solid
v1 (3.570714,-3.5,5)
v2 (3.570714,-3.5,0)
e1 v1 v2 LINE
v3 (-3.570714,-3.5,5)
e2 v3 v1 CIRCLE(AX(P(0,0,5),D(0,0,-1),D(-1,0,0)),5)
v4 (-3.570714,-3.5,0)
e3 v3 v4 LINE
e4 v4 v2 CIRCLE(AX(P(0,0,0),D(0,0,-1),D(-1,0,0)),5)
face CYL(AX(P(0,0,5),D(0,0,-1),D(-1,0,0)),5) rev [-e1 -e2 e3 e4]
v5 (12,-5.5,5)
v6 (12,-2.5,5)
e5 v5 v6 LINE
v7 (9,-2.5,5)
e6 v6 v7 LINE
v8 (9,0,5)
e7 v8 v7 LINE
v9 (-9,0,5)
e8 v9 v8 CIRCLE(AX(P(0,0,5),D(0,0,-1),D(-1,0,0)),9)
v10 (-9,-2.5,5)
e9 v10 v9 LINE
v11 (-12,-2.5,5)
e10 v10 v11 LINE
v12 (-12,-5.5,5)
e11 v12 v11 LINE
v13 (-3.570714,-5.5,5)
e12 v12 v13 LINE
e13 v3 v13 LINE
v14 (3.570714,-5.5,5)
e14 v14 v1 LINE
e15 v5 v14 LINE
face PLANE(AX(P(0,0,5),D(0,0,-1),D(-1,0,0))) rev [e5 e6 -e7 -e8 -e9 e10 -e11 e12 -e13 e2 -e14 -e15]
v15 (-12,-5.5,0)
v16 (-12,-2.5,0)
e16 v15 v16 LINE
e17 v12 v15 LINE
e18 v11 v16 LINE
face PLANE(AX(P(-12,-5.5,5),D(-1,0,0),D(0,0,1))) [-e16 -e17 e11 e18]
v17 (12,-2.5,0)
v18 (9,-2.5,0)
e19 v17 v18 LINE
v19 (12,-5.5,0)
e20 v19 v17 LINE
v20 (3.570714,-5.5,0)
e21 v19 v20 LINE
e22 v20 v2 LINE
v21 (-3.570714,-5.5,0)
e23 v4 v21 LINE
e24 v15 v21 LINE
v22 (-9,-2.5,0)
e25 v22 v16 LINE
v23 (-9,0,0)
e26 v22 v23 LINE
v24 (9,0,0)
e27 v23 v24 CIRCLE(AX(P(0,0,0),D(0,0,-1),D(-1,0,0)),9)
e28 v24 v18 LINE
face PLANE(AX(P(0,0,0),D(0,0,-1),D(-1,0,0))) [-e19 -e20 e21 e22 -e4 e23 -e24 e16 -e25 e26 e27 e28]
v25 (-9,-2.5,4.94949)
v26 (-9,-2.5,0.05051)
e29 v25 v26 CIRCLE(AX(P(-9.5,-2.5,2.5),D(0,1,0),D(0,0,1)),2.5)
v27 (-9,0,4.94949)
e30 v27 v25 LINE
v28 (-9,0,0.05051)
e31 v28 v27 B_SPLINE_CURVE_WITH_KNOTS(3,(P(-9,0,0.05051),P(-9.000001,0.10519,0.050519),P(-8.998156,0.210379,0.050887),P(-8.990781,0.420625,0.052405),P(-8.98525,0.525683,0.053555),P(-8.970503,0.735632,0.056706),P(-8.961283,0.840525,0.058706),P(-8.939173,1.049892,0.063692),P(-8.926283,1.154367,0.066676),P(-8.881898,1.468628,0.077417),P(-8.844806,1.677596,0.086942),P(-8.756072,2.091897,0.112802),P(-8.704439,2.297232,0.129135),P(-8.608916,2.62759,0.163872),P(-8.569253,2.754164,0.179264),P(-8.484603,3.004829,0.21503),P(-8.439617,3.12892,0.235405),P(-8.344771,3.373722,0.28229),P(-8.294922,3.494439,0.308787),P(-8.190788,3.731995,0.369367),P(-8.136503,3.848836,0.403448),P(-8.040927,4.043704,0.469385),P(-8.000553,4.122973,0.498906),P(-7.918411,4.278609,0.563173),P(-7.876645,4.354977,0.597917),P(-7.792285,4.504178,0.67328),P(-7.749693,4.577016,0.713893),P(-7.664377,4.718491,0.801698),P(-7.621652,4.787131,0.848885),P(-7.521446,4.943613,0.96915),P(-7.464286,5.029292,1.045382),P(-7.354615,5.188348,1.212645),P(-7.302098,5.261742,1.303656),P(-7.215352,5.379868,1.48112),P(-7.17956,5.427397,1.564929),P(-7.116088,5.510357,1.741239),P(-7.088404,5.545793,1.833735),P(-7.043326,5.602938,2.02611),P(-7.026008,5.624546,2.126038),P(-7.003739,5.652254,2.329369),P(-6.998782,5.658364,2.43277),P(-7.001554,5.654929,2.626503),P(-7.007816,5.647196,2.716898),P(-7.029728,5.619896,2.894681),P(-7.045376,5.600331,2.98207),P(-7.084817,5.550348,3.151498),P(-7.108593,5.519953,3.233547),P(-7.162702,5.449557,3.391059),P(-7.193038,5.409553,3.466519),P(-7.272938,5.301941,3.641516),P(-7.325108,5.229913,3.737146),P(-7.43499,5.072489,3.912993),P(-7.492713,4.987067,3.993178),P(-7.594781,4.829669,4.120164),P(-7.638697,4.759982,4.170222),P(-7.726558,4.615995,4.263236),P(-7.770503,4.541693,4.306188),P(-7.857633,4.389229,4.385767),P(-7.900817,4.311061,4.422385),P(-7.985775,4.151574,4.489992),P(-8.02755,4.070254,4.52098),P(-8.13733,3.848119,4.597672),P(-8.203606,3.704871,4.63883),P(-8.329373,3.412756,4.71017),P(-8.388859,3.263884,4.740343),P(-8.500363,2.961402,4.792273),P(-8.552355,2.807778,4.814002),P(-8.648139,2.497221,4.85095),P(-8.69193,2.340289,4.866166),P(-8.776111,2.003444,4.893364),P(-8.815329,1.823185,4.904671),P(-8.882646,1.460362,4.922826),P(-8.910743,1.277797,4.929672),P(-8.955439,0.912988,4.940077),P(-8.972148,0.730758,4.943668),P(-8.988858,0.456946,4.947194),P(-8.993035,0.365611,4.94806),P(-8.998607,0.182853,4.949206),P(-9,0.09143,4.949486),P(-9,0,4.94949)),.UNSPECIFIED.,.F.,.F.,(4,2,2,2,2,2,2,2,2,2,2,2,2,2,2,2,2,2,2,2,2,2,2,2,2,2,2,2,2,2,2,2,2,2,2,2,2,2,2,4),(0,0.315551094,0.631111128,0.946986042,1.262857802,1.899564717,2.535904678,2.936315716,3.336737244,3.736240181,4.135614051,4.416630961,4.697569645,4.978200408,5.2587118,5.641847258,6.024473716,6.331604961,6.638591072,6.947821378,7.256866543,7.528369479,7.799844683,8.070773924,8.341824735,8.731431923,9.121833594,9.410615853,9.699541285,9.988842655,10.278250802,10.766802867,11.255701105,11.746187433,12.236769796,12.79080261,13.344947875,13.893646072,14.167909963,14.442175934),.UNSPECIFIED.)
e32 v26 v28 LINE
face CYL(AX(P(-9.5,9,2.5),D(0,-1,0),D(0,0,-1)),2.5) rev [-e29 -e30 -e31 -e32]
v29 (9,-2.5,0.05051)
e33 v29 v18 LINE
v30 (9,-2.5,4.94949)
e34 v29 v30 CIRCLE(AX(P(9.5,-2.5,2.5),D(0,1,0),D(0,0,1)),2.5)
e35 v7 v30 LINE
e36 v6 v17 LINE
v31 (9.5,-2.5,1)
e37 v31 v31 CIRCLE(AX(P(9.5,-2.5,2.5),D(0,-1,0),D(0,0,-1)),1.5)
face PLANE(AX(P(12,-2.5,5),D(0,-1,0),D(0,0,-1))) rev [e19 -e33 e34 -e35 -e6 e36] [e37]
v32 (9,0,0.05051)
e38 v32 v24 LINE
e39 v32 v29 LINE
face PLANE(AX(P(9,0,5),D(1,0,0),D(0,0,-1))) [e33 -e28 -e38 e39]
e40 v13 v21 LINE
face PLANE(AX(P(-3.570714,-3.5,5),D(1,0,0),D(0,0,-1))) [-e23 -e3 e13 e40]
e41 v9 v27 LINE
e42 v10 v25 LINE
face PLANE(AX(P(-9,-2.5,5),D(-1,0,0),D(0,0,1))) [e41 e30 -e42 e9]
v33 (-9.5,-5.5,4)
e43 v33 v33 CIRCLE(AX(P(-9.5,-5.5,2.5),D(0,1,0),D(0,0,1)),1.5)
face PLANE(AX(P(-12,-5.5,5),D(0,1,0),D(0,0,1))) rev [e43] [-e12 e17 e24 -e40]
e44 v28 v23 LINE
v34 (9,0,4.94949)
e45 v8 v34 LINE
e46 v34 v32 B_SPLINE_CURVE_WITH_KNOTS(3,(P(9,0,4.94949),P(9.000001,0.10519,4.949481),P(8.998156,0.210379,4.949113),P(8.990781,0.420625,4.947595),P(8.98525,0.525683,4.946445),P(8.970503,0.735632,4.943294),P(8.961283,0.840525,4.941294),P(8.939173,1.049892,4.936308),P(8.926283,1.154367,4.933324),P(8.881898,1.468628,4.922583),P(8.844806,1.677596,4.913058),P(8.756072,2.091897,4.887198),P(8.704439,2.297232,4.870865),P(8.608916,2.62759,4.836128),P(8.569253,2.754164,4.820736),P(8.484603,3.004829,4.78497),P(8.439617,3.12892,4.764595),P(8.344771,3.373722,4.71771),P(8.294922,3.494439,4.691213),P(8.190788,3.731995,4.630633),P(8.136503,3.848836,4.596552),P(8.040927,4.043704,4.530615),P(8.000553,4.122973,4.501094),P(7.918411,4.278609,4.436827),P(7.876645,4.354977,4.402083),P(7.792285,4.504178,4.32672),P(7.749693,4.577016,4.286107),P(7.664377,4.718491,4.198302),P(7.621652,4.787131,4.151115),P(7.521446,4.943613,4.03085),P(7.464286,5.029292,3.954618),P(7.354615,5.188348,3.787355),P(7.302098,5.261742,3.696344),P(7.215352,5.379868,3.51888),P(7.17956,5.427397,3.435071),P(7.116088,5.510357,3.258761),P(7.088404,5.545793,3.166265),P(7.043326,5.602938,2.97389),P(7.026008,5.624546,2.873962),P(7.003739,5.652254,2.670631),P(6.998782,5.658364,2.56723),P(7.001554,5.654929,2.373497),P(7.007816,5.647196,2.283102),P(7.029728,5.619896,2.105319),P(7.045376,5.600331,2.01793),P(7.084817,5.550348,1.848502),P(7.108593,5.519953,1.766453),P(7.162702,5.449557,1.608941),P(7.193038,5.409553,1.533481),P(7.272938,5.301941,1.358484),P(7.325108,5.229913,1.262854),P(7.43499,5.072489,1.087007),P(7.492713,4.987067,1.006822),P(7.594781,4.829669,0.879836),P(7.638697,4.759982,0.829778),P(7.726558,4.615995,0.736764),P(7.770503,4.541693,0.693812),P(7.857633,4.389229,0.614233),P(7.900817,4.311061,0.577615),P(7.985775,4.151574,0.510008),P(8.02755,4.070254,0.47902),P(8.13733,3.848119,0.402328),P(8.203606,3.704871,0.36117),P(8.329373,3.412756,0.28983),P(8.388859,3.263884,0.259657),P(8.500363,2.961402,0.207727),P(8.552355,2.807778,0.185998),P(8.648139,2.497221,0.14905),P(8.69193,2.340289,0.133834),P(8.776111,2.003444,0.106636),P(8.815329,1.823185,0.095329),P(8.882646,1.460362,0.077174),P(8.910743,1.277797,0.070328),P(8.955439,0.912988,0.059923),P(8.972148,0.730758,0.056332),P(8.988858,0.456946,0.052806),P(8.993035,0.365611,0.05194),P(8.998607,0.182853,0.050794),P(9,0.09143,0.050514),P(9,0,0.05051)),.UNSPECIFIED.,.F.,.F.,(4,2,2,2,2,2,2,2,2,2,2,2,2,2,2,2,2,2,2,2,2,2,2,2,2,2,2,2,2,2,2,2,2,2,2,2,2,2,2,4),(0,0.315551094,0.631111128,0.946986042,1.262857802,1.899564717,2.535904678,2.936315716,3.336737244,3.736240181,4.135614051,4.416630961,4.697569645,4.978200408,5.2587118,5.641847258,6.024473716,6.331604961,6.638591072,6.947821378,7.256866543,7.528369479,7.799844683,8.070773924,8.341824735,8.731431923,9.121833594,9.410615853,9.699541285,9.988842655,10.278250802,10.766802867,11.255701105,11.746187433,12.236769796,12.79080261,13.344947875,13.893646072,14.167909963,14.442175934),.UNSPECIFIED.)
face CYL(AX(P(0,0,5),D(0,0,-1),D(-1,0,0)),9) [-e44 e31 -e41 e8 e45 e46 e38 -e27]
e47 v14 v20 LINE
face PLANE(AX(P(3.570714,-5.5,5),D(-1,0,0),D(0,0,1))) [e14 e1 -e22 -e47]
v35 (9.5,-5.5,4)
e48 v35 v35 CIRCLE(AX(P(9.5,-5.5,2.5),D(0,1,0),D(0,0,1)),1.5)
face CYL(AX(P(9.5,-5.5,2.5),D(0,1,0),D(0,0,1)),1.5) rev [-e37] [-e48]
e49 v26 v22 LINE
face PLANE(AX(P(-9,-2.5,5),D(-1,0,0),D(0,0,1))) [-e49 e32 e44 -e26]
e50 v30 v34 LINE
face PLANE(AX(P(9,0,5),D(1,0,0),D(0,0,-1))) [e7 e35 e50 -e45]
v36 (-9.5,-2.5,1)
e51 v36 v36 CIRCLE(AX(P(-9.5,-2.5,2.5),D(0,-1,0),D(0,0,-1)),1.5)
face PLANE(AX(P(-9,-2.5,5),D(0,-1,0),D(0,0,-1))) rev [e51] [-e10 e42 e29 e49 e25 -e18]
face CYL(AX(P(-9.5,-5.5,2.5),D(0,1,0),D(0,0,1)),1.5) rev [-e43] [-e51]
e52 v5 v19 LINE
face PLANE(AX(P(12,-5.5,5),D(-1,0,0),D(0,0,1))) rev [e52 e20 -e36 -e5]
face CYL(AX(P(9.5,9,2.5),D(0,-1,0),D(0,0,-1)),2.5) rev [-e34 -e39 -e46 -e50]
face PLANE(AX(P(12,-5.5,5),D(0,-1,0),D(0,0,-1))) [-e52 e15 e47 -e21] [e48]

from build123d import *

# Parameters (mm, degrees)
RESSALTO_EXTRUS_O1_DEPTH   = 5
ESBO_O2_R                  = 1.5
CORTE_EXTRUS_O1_DEPTH      = 12.5
CORTE_EXTRUS_O1_DEPTH_BACK = 4
ESBO_O3_R                  = 2.5
CORTE_EXTRUS_O2_DEPTH      = 12.5000001


with BuildPart() as part:
    # Esboço1 → Ressalto-extrusão1 (new body)
    with BuildSketch(Plane.XY):
        with BuildLine():
            Line((-9, -2.5), (-9, 0))
            ThreePointArc((-9, 0), (0, 9), (9, 0))
            Line((9, 0), (9, -2.5))
            Line((9, -2.5), (12, -2.5))
            Line((12, -2.5), (12, -5.5))
            Line((12, -5.5), (3.570714214, -5.5))
            Line((3.570714214, -5.5), (3.570714214, -3.5))
            ThreePointArc((3.570714214, -3.5), (0, 5), (-3.570714214, -3.5))
            Line((-3.570714214, -3.5), (-3.570714214, -5.5))
            Line((-3.570714214, -5.5), (-12, -5.5))
            Line((-12, -5.5), (-12, -2.5))
            Line((-12, -2.5), (-9, -2.5))
        make_face()
    extrude(amount=RESSALTO_EXTRUS_O1_DEPTH)

    # Esboço2 → Corte-extrusão1 (cut, two sides)
    with BuildSketch(Plane(origin=(0, -2.5, 0), x_dir=(1, 0, 0), z_dir=(0, 1, 0))) as corte_extrus_o1_sk:
        with Locations((-9.5, -2.5)):
            Circle(ESBO_O2_R)
        with Locations((9.5, -2.5)):
            Circle(ESBO_O2_R)
    extrude(amount=CORTE_EXTRUS_O1_DEPTH, mode=Mode.SUBTRACT)
    extrude(corte_extrus_o1_sk.sketch, amount=-CORTE_EXTRUS_O1_DEPTH_BACK, mode=Mode.SUBTRACT)

    # Esboço3 → Corte-extrusão2 (cut, through all)
    with BuildSketch(Plane(origin=(0, -2.5, 0), x_dir=(1, 0, 0), z_dir=(0, 1, 0))):
        with Locations((-9.5, -2.5)):
            Circle(ESBO_O3_R)
        with Locations((9.5, -2.5)):
            Circle(ESBO_O3_R)
    extrude(amount=CORTE_EXTRUS_O2_DEPTH, mode=Mode.SUBTRACT)


solid = part.part
